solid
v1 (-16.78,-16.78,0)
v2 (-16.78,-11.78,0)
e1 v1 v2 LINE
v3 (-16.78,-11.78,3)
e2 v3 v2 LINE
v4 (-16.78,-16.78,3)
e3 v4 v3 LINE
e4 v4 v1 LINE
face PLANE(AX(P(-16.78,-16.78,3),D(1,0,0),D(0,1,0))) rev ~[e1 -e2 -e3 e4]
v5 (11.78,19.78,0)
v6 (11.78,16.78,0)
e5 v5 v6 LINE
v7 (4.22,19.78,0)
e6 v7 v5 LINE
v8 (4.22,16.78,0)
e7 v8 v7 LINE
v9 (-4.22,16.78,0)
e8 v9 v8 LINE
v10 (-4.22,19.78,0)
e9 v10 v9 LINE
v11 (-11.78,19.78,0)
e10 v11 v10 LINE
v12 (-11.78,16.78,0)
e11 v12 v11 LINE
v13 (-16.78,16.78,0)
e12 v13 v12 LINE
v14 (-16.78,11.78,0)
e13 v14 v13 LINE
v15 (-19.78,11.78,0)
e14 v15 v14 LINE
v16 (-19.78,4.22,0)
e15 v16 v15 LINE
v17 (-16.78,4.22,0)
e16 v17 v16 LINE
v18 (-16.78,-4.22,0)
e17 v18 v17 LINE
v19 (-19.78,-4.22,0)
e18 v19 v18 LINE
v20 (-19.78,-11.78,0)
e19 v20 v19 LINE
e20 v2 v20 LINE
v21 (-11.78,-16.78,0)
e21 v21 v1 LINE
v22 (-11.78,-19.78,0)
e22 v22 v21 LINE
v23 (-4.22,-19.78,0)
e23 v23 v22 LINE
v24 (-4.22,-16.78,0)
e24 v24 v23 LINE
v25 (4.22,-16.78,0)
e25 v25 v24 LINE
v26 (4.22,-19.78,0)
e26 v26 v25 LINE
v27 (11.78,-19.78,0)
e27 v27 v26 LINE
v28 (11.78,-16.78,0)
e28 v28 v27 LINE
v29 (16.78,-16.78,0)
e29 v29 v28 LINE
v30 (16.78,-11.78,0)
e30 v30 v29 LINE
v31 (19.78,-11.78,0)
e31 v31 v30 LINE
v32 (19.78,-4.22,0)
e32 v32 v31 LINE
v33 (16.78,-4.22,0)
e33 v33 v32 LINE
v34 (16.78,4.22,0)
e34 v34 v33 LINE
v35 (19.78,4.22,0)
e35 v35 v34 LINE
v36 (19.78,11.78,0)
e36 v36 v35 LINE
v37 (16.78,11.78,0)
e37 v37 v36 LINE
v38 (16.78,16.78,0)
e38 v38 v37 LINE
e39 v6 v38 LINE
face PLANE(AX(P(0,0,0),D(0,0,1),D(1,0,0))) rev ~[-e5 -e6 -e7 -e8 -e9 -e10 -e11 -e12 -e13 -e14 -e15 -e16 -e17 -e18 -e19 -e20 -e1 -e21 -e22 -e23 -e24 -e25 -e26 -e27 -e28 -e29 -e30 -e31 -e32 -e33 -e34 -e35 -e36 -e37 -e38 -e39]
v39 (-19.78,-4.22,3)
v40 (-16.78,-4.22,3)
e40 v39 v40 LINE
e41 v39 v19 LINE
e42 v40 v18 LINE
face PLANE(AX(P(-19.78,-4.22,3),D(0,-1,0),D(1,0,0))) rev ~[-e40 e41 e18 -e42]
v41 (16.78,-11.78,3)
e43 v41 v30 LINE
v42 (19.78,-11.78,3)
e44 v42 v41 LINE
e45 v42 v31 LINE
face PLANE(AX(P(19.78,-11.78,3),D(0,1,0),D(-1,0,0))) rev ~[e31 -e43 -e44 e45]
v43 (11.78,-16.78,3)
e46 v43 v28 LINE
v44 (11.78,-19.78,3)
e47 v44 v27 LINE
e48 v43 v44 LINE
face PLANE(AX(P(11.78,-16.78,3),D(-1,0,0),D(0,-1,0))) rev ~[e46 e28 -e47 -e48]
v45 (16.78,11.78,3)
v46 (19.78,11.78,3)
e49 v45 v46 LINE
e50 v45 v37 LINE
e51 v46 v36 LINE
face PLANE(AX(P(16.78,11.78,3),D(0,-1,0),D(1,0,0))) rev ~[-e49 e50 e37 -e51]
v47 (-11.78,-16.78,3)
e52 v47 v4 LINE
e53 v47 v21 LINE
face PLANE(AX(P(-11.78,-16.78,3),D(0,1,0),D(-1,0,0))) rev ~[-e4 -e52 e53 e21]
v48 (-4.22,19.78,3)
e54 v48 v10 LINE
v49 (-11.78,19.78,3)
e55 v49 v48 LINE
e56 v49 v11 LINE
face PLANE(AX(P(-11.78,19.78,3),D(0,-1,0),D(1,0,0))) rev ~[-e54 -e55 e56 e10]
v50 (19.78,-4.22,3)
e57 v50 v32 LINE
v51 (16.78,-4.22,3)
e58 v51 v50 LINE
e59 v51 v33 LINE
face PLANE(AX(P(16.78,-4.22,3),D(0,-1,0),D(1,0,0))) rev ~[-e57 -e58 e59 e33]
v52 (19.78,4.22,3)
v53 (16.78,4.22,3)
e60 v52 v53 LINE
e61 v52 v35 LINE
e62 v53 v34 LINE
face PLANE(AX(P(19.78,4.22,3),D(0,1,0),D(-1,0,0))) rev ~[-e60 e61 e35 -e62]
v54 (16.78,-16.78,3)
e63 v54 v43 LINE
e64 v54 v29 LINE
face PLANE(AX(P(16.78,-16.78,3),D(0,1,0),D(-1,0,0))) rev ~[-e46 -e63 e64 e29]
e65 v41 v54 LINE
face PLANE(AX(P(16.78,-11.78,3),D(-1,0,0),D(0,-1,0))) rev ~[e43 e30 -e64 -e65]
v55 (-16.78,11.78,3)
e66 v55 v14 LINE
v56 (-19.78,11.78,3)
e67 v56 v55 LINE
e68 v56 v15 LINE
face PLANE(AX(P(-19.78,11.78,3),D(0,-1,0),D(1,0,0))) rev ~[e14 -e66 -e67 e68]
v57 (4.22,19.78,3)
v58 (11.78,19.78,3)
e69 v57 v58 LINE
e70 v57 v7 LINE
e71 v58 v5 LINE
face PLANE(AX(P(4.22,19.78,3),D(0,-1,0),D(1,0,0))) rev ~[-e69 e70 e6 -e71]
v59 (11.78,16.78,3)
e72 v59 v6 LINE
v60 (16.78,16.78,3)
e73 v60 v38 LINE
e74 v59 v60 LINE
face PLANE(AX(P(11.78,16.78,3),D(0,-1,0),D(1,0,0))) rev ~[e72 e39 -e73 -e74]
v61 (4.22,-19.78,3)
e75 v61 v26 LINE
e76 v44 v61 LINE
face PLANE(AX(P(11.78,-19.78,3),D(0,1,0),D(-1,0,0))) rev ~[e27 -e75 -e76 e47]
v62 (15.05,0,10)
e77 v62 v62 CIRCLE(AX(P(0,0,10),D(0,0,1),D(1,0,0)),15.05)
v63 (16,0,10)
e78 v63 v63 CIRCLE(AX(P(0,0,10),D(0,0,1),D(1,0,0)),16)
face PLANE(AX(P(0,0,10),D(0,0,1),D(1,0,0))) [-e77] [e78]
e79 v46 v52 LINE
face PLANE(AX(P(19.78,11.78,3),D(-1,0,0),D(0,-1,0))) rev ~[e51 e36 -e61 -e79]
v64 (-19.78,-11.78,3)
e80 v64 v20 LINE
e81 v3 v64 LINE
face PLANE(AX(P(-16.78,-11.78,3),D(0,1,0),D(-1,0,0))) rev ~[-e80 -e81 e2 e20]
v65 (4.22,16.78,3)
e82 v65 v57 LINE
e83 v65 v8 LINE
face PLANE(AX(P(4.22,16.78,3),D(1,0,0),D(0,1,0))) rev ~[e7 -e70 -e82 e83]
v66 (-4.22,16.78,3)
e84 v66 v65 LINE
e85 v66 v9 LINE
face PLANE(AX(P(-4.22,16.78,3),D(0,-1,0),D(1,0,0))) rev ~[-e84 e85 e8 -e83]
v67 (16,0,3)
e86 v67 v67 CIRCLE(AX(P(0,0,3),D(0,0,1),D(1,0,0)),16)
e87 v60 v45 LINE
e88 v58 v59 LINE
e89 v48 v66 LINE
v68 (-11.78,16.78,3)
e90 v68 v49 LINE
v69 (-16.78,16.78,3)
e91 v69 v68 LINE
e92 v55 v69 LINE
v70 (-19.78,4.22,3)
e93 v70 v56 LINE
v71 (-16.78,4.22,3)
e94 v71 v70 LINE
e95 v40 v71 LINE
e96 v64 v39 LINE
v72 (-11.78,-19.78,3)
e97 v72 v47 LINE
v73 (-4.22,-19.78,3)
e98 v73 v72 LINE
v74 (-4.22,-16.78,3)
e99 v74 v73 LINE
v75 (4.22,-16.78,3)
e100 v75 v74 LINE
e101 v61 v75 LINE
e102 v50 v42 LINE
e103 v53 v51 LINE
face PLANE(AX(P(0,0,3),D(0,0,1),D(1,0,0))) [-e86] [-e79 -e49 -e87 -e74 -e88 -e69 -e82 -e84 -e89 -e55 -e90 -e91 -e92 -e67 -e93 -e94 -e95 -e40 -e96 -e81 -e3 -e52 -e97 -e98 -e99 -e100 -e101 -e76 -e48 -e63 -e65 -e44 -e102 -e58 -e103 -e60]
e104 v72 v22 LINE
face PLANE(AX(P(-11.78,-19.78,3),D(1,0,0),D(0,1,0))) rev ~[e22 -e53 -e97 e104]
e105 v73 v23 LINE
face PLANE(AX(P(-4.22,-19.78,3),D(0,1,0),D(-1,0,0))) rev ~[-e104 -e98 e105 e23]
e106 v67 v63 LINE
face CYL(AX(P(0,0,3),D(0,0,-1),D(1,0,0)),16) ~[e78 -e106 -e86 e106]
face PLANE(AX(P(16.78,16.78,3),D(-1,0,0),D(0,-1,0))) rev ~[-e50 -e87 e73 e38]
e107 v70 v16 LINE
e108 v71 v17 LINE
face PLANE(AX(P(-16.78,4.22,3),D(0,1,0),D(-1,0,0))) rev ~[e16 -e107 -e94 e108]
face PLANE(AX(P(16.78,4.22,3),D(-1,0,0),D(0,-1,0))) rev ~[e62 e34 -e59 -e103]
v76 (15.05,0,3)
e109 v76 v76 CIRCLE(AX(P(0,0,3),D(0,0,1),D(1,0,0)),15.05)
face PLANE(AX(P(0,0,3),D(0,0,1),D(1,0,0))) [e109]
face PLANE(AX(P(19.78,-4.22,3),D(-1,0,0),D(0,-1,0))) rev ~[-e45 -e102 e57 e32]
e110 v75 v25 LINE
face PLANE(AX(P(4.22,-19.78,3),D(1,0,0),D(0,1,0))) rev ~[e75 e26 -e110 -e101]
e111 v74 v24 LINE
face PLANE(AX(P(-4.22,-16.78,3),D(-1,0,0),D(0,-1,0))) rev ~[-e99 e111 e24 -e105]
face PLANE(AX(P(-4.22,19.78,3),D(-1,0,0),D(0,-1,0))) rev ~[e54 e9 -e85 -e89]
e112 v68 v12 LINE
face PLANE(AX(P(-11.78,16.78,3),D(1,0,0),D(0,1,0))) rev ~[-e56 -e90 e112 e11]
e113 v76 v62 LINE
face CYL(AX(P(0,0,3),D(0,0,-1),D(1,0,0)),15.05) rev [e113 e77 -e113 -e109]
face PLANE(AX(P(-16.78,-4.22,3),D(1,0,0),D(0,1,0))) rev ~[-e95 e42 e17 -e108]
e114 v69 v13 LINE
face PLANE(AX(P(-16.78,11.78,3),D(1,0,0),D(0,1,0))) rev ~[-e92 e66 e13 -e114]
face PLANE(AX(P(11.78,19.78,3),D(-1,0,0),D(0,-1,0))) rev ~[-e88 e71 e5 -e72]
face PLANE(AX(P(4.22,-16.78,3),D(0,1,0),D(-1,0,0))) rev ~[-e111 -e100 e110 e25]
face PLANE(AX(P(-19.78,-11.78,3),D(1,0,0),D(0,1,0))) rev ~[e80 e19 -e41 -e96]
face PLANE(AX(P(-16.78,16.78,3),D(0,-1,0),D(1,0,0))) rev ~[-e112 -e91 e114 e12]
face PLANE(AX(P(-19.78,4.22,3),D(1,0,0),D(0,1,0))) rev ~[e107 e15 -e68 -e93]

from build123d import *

# Parameters (mm, degrees)
F0_W     = 34
F0_H     = 34
F1_DEPTH = 3
F2_W     = 3
F2_H     = 8
F2_W_2   = 8
F2_H_2   = 3
F3_DEPTH = 3
F4_W     = 51.87688
F4_H     = 52.158144
F5_DEPTH = 3.001
F6_R     = 16
F6_R_2   = 15.05
F7_DEPTH = 7


with BuildPart() as f1:
    # F0 (on Top) → F1 (new body)
    with BuildSketch(Plane.XY):
        Rectangle(F0_W, F0_H)
    extrude(amount=F1_DEPTH)

    # F2 (on face) → F3 (join)
    with BuildSketch(Plane.XY.offset(3)):
        with Locations((-18.5, 8)):
            Rectangle(F2_W, F2_H)
        with Locations((-18.5, -8)):
            Rectangle(F2_W, F2_H)
        with Locations((-8, -18.5)):
            Rectangle(F2_W_2, F2_H_2)
        with Locations((8, -18.5)):
            Rectangle(F2_W_2, F2_H_2)
        with Locations((18.5, -8)):
            Rectangle(F2_W, F2_H)
        with Locations((18.5, 8)):
            Rectangle(F2_W, F2_H)
        with Locations((8, 18.5)):
            Rectangle(F2_W_2, F2_H_2)
        with Locations((-8, 18.5)):
            Rectangle(F2_W_2, F2_H_2)
    extrude(amount=-F3_DEPTH)

    # F4 (on face) → F5 (cut, through all)
    with BuildSketch(Plane.XY.offset(3)):
        Rectangle(F4_W, F4_H)
        Polygon((16.78, -16.78), (11.78, -16.78), (11.78, -19.78), (4.22, -19.78), (4.22, -16.78), (-4.22, -16.78), (-4.22, -19.78), (-11.78, -19.78), (-11.78, -16.78), (-16.78, -16.78), (-16.78, -11.78), (-19.78, -11.78), (-19.78, -4.22), (-16.78, -4.22), (-16.78, 4.22), (-19.78, 4.22), (-19.78, 11.78), (-16.78, 11.78), (-16.78, 16.78), (-11.78, 16.78), (-11.78, 19.78), (-4.22, 19.78), (-4.22, 16.78), (4.22, 16.78), (4.22, 19.78), (11.78, 19.78), (11.78, 16.78), (16.78, 16.78), (16.78, 11.78), (19.78, 11.78), (19.78, 4.22), (16.78, 4.22), (16.78, -4.22), (19.78, -4.22), (19.78, -11.78), (16.78, -11.78), align=None, mode=Mode.SUBTRACT)
    extrude(amount=-F5_DEPTH, mode=Mode.SUBTRACT)

    # F6 (on face) → F7 (join)
    with BuildSketch(Plane.XY.offset(3)):
        Circle(F6_R)
        Circle(F6_R_2, mode=Mode.SUBTRACT)
    extrude(amount=F7_DEPTH)


solid = f1.part
